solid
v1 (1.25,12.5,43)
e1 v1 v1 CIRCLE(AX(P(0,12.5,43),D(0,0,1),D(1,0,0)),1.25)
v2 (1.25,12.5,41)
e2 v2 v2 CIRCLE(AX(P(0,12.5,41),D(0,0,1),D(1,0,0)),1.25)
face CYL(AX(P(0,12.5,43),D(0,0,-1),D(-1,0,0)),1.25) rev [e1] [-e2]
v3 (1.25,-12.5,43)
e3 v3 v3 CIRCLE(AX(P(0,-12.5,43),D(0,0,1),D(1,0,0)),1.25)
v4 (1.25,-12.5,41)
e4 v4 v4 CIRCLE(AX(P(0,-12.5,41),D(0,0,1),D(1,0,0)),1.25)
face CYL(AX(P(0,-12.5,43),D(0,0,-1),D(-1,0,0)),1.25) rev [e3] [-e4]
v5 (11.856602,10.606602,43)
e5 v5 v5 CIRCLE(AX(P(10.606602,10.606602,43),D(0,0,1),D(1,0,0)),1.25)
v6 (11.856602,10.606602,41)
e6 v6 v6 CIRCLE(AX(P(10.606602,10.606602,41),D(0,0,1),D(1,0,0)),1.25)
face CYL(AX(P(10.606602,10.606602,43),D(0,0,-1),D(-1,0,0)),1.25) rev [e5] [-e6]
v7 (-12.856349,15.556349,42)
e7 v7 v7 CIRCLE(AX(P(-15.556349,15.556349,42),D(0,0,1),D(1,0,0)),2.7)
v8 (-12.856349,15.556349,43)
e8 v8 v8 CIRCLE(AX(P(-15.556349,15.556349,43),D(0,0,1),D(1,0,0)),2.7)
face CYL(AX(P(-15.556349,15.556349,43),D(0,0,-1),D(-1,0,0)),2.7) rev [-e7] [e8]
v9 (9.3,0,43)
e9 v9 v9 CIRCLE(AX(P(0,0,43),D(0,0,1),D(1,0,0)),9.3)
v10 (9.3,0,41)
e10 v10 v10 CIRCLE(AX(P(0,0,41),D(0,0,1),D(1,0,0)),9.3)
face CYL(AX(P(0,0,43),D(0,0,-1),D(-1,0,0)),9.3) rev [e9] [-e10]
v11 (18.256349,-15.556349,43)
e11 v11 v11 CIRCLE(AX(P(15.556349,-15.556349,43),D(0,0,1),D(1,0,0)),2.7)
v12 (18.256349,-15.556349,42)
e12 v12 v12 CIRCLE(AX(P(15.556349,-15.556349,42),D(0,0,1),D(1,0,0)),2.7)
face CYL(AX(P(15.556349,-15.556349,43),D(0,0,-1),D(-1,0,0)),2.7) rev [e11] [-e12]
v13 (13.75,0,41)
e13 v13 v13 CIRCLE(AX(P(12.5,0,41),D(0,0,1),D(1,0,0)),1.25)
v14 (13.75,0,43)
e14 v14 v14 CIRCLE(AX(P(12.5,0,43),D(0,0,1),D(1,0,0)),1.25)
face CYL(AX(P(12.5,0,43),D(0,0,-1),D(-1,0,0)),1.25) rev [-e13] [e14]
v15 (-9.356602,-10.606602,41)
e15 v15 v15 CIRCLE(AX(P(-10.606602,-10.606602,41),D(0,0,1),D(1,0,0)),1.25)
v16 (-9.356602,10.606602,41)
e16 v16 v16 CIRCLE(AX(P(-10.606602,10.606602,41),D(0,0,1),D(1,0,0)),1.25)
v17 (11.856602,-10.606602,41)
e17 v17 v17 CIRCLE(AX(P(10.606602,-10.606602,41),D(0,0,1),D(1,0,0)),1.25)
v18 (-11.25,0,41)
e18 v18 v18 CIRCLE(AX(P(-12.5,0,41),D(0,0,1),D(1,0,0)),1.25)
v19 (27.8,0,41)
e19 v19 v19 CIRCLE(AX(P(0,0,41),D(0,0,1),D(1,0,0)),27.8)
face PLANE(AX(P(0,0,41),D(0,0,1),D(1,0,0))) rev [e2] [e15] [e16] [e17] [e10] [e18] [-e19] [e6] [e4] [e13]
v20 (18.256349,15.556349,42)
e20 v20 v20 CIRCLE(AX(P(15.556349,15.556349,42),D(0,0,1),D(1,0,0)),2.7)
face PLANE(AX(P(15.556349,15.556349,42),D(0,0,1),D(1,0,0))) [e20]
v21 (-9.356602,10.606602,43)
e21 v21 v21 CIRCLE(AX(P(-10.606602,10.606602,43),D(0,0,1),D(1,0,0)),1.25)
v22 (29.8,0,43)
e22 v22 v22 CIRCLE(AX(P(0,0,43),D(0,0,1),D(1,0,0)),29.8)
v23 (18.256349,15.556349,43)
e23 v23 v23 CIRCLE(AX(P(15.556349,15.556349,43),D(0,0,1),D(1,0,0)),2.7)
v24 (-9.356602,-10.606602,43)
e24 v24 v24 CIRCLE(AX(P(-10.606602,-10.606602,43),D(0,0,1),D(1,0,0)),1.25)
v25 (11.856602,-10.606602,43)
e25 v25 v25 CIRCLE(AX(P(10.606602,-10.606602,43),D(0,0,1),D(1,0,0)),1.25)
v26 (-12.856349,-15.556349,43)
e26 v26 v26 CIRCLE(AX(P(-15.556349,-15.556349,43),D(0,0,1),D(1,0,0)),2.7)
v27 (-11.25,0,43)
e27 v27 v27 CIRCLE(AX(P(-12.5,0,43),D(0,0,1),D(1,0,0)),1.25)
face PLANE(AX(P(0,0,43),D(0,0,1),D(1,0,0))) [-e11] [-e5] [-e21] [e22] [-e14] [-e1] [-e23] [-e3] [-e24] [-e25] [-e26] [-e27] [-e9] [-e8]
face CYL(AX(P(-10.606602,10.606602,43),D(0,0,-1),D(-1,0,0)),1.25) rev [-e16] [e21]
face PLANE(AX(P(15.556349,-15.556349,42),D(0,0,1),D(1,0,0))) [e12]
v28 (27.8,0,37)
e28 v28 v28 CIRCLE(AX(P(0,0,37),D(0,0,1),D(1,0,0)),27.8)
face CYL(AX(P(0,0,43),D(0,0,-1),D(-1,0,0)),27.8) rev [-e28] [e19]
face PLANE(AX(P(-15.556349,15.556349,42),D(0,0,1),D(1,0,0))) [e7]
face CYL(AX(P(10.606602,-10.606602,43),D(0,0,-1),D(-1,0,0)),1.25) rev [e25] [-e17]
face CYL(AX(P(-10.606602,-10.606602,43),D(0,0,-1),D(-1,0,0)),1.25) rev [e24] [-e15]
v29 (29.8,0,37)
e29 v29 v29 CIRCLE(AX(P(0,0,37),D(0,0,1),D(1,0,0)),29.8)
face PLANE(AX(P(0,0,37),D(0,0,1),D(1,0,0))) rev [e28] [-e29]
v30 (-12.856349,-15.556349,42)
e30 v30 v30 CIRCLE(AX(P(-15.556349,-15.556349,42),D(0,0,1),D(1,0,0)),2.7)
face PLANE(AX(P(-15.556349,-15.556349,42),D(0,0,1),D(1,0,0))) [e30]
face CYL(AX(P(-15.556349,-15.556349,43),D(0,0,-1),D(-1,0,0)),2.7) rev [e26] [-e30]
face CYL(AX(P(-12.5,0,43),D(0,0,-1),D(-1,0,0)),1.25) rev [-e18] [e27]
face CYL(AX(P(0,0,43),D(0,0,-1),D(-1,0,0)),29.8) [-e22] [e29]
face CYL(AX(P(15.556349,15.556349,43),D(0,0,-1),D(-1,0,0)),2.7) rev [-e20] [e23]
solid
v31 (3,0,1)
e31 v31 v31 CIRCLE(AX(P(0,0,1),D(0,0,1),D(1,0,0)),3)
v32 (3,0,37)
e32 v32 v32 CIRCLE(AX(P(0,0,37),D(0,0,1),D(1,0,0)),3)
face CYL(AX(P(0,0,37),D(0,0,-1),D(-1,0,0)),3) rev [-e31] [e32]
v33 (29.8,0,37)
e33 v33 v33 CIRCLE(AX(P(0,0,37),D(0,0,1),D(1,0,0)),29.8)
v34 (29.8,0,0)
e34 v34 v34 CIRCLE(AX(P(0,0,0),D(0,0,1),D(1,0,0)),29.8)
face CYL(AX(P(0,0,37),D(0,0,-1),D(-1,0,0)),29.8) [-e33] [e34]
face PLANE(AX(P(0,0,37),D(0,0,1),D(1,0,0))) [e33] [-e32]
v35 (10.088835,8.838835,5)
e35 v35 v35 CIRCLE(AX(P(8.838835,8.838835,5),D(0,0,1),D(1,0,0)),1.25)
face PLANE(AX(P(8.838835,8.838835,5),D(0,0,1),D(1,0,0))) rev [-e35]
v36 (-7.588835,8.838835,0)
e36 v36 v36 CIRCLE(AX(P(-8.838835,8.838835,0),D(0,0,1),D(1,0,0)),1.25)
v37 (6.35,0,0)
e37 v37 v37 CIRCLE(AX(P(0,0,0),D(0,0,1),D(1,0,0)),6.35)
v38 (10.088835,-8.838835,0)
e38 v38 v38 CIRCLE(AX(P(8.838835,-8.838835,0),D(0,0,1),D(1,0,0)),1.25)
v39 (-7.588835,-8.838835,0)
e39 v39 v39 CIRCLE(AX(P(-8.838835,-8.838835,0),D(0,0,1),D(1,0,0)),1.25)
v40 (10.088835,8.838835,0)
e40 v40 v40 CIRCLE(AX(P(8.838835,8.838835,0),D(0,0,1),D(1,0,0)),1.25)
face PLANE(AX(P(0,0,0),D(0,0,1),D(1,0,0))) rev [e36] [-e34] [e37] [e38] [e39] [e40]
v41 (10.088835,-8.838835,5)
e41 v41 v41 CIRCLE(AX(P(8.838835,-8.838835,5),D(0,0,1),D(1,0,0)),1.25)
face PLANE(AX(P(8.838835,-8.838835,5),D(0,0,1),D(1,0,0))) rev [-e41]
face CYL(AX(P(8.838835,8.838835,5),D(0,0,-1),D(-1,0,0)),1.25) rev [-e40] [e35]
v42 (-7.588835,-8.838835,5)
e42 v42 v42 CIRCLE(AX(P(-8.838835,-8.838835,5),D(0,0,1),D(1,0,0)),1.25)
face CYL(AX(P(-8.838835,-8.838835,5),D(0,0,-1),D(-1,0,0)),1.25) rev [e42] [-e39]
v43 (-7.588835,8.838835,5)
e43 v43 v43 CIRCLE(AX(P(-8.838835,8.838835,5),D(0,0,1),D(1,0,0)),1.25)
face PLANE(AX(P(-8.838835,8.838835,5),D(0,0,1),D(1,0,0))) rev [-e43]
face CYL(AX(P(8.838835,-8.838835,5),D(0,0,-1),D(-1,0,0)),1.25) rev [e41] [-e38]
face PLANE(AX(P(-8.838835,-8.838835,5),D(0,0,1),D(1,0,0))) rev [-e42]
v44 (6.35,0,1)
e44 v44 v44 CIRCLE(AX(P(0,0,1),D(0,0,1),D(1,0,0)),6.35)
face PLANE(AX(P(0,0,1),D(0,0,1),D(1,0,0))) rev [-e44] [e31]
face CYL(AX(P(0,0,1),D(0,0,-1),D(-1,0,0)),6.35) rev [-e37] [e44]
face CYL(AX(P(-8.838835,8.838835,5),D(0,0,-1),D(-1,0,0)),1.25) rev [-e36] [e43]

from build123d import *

# Parameters (mm, degrees)
SKETCH_1_R                                       = 29.8
SKETCH_1_R_2                                     = 3
F_01_MAINHOUSING_OD59_6_L37_DEPTH                = 37
SKETCH_2_R                                       = 6.35
F_02_FRONTBEARINGSEAT_D12_7_DEPTH1_ASSUMED_DEPTH = 1
ROTOR_FRONT_PCD25_CLOCKED45_RELATIVE_TO_R        = 1.25
F_03_FRONT_4XM3_PCD25_DEPTH5_ASSUMED_DEPTH       = 5
F_04_ENCODERCOVER_RIM_L6_ASSUMED_START           = 37
SKETCH_4_R                                       = 29.8
SKETCH_4_R_2                                     = 27.8
F_04_ENCODERCOVER_RIM_L6_ASSUMED_DEPTH           = 6
F_05_ENCODERCOVER_FACE_T2_ASSUMED_START          = 41
SKETCH_5_R                                       = 27.8
SKETCH_5_R_2                                     = 9.3
F_05_ENCODERCOVER_FACE_T2_ASSUMED_DEPTH          = 2
F_06_COVER_4XM3_PCD25_ASSUMED_START              = 41
SKETCH_6_R                                       = 1.25
F_06_COVER_4XM3_PCD25_ASSUMED_DEPTH              = 2
F_07_COVER_4XM3_PCD30_ASSUMED_START              = 41
SKETCH_7_R                                       = 1.25
F_07_COVER_4XM3_PCD30_ASSUMED_DEPTH              = 2
F_08_COVER_4XFASTENERSEATS_PCD44_ASSUMED_START   = 42
SKETCH_8_R                                       = 2.7
F_08_COVER_4XFASTENERSEATS_PCD44_ASSUMED_DEPTH   = 1


with BuildPart() as part:
    # 草图1 → 01_MainHousing_OD59.6_L37 (new body)
    with BuildSketch(Plane.XY):
        Circle(SKETCH_1_R)
        Circle(SKETCH_1_R_2, mode=Mode.SUBTRACT)
    extrude(amount=F_01_MAINHOUSING_OD59_6_L37_DEPTH)

    # 草图2 → 02_FrontBearingSeat_D12.7_Depth1_ASSUMED (cut)
    with BuildSketch(Plane.XY):
        Circle(SKETCH_2_R)
    extrude(amount=F_02_FRONTBEARINGSEAT_D12_7_DEPTH1_ASSUMED_DEPTH, mode=Mode.SUBTRACT)

    # Rotor_front_PCD25_clocked45_relative_to_stator → 03_Front_4xM3_PCD25_Depth5_ASSUMED (cut)
    with BuildSketch(Plane.XY):
        with Locations((8.838834765, 8.838834765)):
            Circle(ROTOR_FRONT_PCD25_CLOCKED45_RELATIVE_TO_R)
        with Locations((-8.838834765, 8.838834765)):
            Circle(ROTOR_FRONT_PCD25_CLOCKED45_RELATIVE_TO_R)
        with Locations((-8.838834765, -8.838834765)):
            Circle(ROTOR_FRONT_PCD25_CLOCKED45_RELATIVE_TO_R)
        with Locations((8.838834765, -8.838834765)):
            Circle(ROTOR_FRONT_PCD25_CLOCKED45_RELATIVE_TO_R)
    extrude(amount=F_03_FRONT_4XM3_PCD25_DEPTH5_ASSUMED_DEPTH, mode=Mode.SUBTRACT)


with BuildPart() as body_2:
    # 草图4 → 04_EncoderCover_Rim_L6_ASSUMED (new body)
    with BuildSketch(Plane.XY.offset(F_04_ENCODERCOVER_RIM_L6_ASSUMED_START)):
        Circle(SKETCH_4_R)
        Circle(SKETCH_4_R_2, mode=Mode.SUBTRACT)
    extrude(amount=F_04_ENCODERCOVER_RIM_L6_ASSUMED_DEPTH)

    # 草图5 → 05_EncoderCover_Face_T2_ASSUMED (add)
    with BuildSketch(Plane.XY.offset(F_05_ENCODERCOVER_FACE_T2_ASSUMED_START)):
        Circle(SKETCH_5_R)
        Circle(SKETCH_5_R_2, mode=Mode.SUBTRACT)
    extrude(amount=F_05_ENCODERCOVER_FACE_T2_ASSUMED_DEPTH)

    # 草图6 → 06_Cover_4xM3_PCD25_ASSUMED (cut)
    with BuildSketch(Plane.XY.offset(F_06_COVER_4XM3_PCD25_ASSUMED_START)):
        with Locations((12.5, 0)):
            Circle(SKETCH_6_R)
        with Locations((0, 12.5)):
            Circle(SKETCH_6_R)
        with Locations((-12.5, 0)):
            Circle(SKETCH_6_R)
        with Locations((0, -12.5)):
            Circle(SKETCH_6_R)
    extrude(amount=F_06_COVER_4XM3_PCD25_ASSUMED_DEPTH, mode=Mode.SUBTRACT)

    # 草图7 → 07_Cover_4xM3_PCD30_ASSUMED (cut)
    with BuildSketch(Plane.XY.offset(F_07_COVER_4XM3_PCD30_ASSUMED_START)):
        with Locations((10.606601718, 10.606601718)):
            Circle(SKETCH_7_R)
        with Locations((-10.606601718, 10.606601718)):
            Circle(SKETCH_7_R)
        with Locations((-10.606601718, -10.606601718)):
            Circle(SKETCH_7_R)
        with Locations((10.606601718, -10.606601718)):
            Circle(SKETCH_7_R)
    extrude(amount=F_07_COVER_4XM3_PCD30_ASSUMED_DEPTH, mode=Mode.SUBTRACT)

    # 草图8 → 08_Cover_4xFastenerSeats_PCD44_ASSUMED (cut)
    with BuildSketch(Plane.XY.offset(F_08_COVER_4XFASTENERSEATS_PCD44_ASSUMED_START)):
        with Locations((15.556349186, 15.556349186)):
            Circle(SKETCH_8_R)
        with Locations((-15.556349186, 15.556349186)):
            Circle(SKETCH_8_R)
        with Locations((-15.556349186, -15.556349186)):
            Circle(SKETCH_8_R)
        with Locations((15.556349186, -15.556349186)):
            Circle(SKETCH_8_R)
    extrude(amount=F_08_COVER_4XFASTENERSEATS_PCD44_ASSUMED_DEPTH, mode=Mode.SUBTRACT)


solid = Compound([part.part, body_2.part])
